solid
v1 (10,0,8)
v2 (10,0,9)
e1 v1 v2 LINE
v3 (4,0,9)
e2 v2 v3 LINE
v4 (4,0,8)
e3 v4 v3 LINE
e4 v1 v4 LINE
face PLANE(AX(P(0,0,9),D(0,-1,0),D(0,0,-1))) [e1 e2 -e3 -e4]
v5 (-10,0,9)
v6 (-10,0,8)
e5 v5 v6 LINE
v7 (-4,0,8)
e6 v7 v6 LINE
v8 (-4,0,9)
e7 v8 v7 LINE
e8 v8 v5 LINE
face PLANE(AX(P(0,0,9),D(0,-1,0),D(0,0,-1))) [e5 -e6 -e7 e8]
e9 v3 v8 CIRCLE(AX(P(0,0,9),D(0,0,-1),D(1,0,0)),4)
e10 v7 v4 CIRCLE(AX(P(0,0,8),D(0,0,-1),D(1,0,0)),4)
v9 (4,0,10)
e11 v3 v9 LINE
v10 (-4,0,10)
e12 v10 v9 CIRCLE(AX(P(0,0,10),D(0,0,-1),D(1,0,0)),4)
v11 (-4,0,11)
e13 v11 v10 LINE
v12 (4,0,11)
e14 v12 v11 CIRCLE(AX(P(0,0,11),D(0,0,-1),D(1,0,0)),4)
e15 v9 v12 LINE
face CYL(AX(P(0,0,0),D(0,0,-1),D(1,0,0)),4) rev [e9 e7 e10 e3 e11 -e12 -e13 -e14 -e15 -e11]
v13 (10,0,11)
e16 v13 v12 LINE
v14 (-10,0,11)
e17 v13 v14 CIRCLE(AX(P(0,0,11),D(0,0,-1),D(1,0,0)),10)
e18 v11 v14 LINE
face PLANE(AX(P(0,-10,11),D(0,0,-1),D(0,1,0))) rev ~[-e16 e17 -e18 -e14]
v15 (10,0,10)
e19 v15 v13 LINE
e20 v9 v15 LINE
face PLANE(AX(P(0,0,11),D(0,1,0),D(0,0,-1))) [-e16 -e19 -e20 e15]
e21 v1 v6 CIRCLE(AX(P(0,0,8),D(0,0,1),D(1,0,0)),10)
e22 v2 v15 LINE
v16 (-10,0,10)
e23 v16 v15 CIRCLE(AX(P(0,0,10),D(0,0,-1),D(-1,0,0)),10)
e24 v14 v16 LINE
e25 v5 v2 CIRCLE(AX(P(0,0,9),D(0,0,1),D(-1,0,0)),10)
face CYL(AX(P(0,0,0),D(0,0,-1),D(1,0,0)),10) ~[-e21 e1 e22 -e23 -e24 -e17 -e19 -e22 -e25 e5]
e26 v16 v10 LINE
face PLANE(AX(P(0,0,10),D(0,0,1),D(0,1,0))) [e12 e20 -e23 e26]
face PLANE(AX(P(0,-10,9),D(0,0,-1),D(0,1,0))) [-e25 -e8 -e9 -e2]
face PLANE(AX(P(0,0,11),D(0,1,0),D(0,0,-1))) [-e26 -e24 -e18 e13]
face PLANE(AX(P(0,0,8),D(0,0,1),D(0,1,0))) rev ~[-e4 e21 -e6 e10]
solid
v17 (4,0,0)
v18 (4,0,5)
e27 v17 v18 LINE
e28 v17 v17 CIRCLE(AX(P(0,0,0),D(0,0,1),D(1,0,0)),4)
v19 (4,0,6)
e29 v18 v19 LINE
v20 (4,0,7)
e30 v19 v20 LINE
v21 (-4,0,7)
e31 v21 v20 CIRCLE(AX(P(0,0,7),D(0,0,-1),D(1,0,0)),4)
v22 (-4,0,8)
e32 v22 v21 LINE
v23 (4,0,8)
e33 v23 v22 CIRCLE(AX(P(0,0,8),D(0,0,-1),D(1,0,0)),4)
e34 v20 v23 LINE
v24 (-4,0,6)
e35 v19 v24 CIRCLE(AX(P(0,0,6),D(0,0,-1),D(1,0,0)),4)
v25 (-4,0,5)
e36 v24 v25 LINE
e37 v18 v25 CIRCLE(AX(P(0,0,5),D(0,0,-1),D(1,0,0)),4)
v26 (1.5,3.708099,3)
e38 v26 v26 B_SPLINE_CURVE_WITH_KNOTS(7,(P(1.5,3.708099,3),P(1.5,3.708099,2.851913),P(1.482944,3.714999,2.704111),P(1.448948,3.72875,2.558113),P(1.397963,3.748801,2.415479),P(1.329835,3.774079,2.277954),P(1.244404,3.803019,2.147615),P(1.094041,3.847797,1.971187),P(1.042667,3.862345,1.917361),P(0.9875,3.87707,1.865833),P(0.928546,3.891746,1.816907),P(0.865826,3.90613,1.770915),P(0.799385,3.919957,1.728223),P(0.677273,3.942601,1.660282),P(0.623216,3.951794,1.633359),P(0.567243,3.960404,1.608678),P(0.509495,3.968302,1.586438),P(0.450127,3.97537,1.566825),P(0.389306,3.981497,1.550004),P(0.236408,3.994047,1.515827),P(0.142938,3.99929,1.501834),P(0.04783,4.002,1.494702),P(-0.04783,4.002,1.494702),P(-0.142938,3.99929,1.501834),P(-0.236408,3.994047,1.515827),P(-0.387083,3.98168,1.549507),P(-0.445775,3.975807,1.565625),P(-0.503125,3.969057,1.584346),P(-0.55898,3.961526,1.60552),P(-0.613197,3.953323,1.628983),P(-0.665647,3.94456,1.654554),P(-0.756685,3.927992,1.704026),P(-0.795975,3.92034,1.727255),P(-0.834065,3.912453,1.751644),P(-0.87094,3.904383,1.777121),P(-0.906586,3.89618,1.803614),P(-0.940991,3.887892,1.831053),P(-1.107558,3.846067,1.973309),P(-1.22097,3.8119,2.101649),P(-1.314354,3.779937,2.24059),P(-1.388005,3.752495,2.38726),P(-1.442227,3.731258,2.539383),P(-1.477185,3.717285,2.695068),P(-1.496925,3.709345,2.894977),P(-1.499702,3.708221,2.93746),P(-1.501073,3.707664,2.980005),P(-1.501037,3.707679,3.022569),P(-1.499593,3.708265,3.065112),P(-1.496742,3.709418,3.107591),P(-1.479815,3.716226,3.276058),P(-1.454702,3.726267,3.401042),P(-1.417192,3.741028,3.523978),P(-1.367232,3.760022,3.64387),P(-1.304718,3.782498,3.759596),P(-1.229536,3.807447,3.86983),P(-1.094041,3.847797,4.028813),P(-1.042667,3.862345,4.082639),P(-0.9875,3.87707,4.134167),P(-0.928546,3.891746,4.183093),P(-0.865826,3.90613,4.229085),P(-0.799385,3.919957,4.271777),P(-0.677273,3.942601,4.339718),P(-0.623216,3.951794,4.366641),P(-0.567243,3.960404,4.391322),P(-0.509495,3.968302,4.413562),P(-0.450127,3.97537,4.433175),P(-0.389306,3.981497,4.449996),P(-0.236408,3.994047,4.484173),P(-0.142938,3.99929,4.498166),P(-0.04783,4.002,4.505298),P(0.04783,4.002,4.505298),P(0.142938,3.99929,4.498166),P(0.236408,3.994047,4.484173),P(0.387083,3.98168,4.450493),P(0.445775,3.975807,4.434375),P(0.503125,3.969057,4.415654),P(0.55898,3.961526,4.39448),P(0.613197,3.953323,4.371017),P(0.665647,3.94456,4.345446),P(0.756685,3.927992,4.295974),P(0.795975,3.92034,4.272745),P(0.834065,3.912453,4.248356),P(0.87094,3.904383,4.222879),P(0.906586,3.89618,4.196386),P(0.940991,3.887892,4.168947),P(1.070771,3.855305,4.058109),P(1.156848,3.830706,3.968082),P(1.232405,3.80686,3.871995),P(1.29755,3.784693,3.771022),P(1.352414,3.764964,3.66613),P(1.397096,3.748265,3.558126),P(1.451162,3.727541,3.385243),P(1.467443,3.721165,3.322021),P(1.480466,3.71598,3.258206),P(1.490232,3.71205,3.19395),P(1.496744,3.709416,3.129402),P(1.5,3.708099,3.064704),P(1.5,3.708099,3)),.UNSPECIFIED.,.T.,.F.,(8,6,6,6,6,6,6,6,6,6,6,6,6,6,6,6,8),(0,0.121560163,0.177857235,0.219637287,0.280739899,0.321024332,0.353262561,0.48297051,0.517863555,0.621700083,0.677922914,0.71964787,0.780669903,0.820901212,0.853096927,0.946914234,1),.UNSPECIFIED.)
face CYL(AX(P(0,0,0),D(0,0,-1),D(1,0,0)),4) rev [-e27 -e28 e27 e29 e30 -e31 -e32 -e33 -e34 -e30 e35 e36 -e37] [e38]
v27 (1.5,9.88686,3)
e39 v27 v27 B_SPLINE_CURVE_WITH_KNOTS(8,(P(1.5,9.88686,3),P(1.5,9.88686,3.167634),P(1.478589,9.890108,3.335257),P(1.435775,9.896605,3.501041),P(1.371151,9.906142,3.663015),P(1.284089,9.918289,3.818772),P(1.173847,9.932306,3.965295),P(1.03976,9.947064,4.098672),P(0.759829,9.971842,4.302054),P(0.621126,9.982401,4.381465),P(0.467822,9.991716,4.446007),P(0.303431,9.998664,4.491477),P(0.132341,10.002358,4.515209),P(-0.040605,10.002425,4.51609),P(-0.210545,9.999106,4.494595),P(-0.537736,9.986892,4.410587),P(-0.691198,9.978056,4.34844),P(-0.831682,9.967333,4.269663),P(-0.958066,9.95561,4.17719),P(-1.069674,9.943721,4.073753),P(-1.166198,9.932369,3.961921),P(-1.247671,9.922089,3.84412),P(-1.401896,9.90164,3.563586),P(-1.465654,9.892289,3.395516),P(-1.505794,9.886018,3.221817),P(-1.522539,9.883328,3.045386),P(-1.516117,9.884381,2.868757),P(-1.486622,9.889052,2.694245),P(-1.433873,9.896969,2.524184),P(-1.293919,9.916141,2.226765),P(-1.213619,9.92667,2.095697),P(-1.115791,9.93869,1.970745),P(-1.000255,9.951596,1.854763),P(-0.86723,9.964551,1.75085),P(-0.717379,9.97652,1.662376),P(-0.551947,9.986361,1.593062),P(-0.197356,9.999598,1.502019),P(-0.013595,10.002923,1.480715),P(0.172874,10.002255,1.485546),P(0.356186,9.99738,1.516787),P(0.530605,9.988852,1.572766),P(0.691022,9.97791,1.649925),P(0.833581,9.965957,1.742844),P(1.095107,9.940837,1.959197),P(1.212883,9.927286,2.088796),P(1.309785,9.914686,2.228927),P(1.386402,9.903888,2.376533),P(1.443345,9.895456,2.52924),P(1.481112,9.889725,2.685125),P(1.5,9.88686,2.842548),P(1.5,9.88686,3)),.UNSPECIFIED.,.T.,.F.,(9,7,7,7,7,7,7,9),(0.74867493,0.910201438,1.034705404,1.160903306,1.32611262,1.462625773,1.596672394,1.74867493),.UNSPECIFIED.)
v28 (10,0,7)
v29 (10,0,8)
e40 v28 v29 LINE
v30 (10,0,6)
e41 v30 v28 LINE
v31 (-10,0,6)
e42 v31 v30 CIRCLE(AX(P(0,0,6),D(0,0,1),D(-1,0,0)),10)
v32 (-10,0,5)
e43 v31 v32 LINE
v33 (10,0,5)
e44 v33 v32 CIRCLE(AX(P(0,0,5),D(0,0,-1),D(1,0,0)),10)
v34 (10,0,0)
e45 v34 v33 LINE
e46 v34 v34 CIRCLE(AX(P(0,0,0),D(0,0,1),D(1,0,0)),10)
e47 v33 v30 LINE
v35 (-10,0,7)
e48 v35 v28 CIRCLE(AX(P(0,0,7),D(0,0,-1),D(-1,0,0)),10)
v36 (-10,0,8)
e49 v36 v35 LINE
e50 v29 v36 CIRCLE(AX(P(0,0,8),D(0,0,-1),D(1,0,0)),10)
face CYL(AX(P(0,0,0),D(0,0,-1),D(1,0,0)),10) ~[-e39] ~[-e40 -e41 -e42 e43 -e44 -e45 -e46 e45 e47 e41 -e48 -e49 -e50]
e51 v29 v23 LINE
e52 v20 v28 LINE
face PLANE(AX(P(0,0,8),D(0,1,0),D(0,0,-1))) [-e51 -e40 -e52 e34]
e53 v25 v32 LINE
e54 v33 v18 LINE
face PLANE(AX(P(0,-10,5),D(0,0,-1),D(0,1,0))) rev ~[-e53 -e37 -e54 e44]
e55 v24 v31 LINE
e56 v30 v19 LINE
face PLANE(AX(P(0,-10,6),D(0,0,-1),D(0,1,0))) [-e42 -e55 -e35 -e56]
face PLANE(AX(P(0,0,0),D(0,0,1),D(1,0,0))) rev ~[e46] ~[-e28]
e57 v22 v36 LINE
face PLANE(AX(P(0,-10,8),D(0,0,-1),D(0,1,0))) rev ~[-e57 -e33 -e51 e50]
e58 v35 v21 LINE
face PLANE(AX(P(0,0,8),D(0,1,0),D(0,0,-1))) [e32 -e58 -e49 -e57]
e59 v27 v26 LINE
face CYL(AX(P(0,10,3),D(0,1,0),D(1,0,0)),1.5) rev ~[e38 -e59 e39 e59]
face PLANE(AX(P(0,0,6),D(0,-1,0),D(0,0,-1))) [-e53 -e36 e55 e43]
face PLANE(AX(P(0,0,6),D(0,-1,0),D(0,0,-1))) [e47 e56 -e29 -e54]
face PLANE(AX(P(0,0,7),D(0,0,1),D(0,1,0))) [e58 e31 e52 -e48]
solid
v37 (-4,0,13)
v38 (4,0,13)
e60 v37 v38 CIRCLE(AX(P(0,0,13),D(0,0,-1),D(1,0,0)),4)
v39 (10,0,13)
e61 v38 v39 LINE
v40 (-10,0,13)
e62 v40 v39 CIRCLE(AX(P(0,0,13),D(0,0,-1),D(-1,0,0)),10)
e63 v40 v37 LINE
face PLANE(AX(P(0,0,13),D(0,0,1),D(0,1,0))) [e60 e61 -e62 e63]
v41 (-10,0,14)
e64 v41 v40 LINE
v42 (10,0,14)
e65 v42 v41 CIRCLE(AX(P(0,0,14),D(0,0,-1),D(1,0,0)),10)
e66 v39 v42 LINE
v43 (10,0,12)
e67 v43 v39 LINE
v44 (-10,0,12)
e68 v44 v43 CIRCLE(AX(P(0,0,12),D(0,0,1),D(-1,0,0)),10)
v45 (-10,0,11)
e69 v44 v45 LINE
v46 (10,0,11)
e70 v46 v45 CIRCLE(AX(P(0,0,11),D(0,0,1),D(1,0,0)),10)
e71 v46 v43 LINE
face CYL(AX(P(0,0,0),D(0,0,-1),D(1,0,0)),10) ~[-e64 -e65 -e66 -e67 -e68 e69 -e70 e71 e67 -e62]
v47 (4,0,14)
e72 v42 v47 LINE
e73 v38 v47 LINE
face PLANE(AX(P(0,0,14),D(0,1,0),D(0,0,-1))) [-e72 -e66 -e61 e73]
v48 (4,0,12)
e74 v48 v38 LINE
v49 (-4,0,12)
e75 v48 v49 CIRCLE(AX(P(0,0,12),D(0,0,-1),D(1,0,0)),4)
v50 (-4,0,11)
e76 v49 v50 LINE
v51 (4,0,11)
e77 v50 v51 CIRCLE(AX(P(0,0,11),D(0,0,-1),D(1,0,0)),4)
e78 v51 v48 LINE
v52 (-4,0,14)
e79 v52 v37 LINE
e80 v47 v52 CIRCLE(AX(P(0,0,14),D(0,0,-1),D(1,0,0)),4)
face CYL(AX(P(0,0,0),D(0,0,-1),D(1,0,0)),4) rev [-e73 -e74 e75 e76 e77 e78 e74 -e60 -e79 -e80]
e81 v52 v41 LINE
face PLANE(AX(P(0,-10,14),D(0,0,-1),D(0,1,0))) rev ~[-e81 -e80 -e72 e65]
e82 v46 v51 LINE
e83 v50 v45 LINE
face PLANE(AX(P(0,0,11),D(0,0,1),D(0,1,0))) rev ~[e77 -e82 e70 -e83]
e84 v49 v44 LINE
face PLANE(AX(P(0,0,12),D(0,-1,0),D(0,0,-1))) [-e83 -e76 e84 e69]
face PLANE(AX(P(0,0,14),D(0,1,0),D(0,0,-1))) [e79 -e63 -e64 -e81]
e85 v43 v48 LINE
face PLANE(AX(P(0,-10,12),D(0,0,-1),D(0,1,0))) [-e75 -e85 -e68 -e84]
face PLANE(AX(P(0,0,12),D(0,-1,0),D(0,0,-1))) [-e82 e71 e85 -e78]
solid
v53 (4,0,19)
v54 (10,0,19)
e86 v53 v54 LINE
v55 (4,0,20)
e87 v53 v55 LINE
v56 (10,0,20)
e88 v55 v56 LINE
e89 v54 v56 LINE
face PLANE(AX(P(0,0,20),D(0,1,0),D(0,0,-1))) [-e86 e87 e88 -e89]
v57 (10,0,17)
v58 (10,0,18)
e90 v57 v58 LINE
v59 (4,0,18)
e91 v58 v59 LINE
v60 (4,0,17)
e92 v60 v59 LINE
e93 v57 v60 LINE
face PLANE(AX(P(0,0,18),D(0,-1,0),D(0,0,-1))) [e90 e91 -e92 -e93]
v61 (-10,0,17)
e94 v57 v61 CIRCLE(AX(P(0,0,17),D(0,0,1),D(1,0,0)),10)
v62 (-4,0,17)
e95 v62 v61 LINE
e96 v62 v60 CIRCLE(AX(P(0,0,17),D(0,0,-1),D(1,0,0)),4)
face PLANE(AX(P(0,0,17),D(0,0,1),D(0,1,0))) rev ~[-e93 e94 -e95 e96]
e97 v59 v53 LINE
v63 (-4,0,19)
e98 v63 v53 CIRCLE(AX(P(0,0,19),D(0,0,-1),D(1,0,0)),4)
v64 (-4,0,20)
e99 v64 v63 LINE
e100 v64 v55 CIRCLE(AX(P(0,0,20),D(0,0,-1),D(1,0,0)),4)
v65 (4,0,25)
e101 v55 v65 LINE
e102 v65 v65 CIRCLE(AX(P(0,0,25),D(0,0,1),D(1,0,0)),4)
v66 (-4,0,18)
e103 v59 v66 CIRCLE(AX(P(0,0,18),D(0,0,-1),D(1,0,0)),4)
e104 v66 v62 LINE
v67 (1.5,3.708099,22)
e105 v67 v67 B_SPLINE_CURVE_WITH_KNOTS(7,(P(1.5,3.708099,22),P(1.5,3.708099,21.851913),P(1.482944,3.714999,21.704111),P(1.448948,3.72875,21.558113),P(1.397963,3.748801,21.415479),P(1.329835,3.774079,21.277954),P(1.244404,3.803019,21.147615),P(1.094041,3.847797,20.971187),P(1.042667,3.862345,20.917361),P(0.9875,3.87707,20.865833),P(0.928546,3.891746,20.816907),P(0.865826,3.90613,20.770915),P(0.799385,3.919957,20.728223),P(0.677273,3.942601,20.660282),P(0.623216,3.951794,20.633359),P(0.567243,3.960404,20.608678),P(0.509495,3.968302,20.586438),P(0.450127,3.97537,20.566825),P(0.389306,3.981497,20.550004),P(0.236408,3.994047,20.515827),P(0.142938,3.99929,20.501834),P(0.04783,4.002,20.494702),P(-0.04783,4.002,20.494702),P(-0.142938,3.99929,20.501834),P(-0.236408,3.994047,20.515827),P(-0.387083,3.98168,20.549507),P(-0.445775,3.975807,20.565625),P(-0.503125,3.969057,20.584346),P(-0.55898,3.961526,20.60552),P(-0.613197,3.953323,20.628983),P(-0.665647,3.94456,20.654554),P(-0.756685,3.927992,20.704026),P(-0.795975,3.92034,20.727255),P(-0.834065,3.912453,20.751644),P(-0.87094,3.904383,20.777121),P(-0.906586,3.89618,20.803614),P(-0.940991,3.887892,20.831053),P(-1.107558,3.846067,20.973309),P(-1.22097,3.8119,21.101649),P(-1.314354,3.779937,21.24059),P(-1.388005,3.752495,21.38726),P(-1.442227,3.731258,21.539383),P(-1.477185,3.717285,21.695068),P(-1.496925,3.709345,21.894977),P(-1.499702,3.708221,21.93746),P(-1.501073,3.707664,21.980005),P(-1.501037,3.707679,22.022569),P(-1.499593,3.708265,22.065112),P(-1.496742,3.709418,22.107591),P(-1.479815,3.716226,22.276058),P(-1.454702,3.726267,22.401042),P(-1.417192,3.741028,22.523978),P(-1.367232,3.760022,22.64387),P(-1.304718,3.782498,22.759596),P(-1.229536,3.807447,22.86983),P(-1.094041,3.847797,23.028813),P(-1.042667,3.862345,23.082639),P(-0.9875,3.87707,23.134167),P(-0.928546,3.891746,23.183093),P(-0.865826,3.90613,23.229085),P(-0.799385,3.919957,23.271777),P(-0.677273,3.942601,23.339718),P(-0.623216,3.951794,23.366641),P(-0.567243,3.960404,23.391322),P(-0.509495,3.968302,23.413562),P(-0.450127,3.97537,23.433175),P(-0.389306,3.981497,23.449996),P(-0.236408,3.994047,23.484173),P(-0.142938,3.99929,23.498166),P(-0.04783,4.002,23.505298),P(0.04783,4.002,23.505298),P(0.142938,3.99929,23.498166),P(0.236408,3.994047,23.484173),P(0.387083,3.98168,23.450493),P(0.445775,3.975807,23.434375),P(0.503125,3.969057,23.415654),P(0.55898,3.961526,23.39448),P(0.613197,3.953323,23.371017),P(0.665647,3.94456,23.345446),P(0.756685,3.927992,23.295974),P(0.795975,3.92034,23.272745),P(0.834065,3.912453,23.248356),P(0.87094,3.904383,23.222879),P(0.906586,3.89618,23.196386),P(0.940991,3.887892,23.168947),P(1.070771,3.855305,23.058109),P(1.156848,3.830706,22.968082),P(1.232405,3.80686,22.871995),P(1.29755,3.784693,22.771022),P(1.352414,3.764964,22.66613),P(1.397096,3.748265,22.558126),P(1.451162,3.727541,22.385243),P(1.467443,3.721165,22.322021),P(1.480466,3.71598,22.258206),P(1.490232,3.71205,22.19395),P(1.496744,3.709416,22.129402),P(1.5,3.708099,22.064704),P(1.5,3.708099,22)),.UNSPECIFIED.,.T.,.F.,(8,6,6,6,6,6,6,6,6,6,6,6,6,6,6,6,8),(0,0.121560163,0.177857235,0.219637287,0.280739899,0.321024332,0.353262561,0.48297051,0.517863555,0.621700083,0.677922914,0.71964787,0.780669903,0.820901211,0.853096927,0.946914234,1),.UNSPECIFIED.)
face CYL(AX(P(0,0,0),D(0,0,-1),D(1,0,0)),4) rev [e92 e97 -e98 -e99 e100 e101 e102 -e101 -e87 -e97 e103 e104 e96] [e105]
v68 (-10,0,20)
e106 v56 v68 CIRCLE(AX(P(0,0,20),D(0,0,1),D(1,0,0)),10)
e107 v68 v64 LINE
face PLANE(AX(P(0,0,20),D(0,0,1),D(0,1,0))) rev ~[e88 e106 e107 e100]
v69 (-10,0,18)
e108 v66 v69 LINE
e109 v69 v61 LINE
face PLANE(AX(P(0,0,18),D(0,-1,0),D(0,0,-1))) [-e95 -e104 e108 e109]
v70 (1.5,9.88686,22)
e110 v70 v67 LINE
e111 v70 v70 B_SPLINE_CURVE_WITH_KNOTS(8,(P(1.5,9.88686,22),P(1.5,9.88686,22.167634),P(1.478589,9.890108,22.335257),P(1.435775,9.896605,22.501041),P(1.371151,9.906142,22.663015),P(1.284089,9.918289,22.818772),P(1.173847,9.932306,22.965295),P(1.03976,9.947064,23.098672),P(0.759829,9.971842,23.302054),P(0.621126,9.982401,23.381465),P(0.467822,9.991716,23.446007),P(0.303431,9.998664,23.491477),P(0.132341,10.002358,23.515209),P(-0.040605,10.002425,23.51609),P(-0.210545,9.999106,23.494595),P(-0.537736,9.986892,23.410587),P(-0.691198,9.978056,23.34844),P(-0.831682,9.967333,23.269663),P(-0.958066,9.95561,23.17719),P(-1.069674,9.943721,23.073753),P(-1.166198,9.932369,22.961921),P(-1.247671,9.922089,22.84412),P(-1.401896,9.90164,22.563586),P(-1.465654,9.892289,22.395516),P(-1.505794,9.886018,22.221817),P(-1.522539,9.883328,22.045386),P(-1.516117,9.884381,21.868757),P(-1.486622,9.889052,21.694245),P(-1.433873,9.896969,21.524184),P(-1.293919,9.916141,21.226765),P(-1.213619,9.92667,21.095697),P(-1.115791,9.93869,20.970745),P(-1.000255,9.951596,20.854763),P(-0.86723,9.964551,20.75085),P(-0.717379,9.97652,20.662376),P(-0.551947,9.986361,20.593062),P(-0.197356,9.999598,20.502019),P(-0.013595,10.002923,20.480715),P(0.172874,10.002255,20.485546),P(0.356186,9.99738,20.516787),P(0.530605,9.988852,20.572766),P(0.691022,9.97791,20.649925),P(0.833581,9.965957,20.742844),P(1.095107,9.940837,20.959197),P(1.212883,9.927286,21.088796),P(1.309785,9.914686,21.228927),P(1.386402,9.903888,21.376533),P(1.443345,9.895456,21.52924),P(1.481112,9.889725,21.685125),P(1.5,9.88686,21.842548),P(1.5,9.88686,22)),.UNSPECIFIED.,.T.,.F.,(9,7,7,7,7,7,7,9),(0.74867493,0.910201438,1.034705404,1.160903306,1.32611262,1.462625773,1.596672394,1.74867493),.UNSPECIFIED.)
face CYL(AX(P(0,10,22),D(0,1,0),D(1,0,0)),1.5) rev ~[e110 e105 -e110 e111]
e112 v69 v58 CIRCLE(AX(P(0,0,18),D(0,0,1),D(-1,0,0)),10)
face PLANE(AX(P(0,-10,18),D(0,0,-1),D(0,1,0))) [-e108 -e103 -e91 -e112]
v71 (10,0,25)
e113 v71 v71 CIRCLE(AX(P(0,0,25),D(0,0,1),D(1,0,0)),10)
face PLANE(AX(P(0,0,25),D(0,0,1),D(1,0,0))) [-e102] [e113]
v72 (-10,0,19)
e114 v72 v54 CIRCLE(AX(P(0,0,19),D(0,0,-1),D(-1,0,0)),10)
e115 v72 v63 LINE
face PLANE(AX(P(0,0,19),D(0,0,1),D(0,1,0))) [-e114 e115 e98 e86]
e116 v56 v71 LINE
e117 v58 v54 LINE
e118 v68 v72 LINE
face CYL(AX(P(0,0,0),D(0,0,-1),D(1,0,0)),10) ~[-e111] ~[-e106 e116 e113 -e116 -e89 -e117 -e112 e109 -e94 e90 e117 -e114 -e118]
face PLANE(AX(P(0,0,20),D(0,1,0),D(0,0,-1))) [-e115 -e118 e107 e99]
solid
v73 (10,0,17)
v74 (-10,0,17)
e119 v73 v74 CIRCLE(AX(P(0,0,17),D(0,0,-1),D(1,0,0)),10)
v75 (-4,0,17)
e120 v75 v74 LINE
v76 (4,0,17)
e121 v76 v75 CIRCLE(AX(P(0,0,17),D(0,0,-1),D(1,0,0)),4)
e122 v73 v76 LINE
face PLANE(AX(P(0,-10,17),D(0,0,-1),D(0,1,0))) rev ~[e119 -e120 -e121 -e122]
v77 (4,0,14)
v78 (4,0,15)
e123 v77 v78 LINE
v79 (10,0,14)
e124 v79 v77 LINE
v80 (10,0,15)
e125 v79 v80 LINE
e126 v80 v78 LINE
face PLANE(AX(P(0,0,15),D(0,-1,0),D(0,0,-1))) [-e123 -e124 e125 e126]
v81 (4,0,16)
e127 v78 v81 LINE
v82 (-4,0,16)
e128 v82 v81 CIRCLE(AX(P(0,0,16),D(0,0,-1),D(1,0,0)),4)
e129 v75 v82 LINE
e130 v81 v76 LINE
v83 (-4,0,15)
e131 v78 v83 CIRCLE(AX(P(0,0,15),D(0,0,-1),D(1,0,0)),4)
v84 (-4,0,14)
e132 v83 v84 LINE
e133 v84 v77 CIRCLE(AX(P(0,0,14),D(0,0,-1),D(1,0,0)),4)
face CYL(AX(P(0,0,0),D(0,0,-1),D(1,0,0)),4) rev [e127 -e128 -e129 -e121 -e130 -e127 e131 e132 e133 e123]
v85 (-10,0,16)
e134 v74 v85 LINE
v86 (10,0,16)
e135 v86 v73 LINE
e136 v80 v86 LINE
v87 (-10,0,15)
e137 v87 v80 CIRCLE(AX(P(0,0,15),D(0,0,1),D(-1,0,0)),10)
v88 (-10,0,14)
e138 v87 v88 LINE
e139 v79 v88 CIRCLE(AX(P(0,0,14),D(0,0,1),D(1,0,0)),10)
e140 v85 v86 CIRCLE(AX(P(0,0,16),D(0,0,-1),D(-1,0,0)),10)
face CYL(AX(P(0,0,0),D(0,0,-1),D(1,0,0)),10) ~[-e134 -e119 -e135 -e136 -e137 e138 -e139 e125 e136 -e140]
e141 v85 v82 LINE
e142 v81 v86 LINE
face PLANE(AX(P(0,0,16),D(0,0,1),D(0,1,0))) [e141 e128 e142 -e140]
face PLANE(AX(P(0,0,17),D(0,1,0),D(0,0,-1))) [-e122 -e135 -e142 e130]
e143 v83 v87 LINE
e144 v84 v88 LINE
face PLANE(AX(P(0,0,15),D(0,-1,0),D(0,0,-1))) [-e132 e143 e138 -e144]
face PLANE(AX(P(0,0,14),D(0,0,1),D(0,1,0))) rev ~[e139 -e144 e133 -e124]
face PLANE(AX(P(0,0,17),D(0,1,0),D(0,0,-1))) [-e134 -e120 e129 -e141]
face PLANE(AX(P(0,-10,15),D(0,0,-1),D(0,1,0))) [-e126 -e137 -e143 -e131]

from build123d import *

# Parameters (mm, degrees)
SKETCH1_R           = 10
SKETCH1_R_2         = 4
BOSS_EXTRUDE1_DEPTH = 25
SKETCH2_W           = 1
SKETCH2_H           = 10
CUT_EXTRUDE1_DEPTH  = 25
LPATTERN1_COUNT     = 5
LPATTERN1_PITCH     = 3
CUT_EXTRUDE2_START  = 10
SKETCH3_R           = 1.5
CUT_EXTRUDE2_DEPTH  = 10


with BuildPart() as part:
    # Sketch1 → Boss-Extrude1 (new body)
    with BuildSketch(Plane.XY):
        Circle(SKETCH1_R)
        Circle(SKETCH1_R_2, mode=Mode.SUBTRACT)
    extrude(amount=BOSS_EXTRUDE1_DEPTH)

    # Sketch2 → Cut-Extrude1 (cut, symmetric)
    with BuildSketch(Plane(origin=(0, 0, 0), x_dir=(0, 0, -1), z_dir=(1, 0, 0))):
        with Locations((-19.5, 5)):
            Rectangle(SKETCH2_W, SKETCH2_H)
        with Locations((-17.5, -5)):
            Rectangle(SKETCH2_W, SKETCH2_H)
    cut_extrude1 = extrude(amount=CUT_EXTRUDE1_DEPTH, both=True, mode=Mode.SUBTRACT)

    # LPattern1: Cut-Extrude1 ×5
    with Locations(*[(0, 0, -i * LPATTERN1_PITCH) for i in range(1, LPATTERN1_COUNT)]):
        add(cut_extrude1, mode=Mode.SUBTRACT)

    # Sketch3 → Cut-Extrude2 (cut)
    with BuildSketch(Plane(origin=(0, 0, 0), x_dir=(1, 0, 0), z_dir=(0, 1, 0)).offset(CUT_EXTRUDE2_START)):
        with Locations((0, -3)):
            Circle(SKETCH3_R)
        with Locations((0, -22)):
            Circle(SKETCH3_R)
    extrude(amount=-CUT_EXTRUDE2_DEPTH, mode=Mode.SUBTRACT)


solid = part.part
